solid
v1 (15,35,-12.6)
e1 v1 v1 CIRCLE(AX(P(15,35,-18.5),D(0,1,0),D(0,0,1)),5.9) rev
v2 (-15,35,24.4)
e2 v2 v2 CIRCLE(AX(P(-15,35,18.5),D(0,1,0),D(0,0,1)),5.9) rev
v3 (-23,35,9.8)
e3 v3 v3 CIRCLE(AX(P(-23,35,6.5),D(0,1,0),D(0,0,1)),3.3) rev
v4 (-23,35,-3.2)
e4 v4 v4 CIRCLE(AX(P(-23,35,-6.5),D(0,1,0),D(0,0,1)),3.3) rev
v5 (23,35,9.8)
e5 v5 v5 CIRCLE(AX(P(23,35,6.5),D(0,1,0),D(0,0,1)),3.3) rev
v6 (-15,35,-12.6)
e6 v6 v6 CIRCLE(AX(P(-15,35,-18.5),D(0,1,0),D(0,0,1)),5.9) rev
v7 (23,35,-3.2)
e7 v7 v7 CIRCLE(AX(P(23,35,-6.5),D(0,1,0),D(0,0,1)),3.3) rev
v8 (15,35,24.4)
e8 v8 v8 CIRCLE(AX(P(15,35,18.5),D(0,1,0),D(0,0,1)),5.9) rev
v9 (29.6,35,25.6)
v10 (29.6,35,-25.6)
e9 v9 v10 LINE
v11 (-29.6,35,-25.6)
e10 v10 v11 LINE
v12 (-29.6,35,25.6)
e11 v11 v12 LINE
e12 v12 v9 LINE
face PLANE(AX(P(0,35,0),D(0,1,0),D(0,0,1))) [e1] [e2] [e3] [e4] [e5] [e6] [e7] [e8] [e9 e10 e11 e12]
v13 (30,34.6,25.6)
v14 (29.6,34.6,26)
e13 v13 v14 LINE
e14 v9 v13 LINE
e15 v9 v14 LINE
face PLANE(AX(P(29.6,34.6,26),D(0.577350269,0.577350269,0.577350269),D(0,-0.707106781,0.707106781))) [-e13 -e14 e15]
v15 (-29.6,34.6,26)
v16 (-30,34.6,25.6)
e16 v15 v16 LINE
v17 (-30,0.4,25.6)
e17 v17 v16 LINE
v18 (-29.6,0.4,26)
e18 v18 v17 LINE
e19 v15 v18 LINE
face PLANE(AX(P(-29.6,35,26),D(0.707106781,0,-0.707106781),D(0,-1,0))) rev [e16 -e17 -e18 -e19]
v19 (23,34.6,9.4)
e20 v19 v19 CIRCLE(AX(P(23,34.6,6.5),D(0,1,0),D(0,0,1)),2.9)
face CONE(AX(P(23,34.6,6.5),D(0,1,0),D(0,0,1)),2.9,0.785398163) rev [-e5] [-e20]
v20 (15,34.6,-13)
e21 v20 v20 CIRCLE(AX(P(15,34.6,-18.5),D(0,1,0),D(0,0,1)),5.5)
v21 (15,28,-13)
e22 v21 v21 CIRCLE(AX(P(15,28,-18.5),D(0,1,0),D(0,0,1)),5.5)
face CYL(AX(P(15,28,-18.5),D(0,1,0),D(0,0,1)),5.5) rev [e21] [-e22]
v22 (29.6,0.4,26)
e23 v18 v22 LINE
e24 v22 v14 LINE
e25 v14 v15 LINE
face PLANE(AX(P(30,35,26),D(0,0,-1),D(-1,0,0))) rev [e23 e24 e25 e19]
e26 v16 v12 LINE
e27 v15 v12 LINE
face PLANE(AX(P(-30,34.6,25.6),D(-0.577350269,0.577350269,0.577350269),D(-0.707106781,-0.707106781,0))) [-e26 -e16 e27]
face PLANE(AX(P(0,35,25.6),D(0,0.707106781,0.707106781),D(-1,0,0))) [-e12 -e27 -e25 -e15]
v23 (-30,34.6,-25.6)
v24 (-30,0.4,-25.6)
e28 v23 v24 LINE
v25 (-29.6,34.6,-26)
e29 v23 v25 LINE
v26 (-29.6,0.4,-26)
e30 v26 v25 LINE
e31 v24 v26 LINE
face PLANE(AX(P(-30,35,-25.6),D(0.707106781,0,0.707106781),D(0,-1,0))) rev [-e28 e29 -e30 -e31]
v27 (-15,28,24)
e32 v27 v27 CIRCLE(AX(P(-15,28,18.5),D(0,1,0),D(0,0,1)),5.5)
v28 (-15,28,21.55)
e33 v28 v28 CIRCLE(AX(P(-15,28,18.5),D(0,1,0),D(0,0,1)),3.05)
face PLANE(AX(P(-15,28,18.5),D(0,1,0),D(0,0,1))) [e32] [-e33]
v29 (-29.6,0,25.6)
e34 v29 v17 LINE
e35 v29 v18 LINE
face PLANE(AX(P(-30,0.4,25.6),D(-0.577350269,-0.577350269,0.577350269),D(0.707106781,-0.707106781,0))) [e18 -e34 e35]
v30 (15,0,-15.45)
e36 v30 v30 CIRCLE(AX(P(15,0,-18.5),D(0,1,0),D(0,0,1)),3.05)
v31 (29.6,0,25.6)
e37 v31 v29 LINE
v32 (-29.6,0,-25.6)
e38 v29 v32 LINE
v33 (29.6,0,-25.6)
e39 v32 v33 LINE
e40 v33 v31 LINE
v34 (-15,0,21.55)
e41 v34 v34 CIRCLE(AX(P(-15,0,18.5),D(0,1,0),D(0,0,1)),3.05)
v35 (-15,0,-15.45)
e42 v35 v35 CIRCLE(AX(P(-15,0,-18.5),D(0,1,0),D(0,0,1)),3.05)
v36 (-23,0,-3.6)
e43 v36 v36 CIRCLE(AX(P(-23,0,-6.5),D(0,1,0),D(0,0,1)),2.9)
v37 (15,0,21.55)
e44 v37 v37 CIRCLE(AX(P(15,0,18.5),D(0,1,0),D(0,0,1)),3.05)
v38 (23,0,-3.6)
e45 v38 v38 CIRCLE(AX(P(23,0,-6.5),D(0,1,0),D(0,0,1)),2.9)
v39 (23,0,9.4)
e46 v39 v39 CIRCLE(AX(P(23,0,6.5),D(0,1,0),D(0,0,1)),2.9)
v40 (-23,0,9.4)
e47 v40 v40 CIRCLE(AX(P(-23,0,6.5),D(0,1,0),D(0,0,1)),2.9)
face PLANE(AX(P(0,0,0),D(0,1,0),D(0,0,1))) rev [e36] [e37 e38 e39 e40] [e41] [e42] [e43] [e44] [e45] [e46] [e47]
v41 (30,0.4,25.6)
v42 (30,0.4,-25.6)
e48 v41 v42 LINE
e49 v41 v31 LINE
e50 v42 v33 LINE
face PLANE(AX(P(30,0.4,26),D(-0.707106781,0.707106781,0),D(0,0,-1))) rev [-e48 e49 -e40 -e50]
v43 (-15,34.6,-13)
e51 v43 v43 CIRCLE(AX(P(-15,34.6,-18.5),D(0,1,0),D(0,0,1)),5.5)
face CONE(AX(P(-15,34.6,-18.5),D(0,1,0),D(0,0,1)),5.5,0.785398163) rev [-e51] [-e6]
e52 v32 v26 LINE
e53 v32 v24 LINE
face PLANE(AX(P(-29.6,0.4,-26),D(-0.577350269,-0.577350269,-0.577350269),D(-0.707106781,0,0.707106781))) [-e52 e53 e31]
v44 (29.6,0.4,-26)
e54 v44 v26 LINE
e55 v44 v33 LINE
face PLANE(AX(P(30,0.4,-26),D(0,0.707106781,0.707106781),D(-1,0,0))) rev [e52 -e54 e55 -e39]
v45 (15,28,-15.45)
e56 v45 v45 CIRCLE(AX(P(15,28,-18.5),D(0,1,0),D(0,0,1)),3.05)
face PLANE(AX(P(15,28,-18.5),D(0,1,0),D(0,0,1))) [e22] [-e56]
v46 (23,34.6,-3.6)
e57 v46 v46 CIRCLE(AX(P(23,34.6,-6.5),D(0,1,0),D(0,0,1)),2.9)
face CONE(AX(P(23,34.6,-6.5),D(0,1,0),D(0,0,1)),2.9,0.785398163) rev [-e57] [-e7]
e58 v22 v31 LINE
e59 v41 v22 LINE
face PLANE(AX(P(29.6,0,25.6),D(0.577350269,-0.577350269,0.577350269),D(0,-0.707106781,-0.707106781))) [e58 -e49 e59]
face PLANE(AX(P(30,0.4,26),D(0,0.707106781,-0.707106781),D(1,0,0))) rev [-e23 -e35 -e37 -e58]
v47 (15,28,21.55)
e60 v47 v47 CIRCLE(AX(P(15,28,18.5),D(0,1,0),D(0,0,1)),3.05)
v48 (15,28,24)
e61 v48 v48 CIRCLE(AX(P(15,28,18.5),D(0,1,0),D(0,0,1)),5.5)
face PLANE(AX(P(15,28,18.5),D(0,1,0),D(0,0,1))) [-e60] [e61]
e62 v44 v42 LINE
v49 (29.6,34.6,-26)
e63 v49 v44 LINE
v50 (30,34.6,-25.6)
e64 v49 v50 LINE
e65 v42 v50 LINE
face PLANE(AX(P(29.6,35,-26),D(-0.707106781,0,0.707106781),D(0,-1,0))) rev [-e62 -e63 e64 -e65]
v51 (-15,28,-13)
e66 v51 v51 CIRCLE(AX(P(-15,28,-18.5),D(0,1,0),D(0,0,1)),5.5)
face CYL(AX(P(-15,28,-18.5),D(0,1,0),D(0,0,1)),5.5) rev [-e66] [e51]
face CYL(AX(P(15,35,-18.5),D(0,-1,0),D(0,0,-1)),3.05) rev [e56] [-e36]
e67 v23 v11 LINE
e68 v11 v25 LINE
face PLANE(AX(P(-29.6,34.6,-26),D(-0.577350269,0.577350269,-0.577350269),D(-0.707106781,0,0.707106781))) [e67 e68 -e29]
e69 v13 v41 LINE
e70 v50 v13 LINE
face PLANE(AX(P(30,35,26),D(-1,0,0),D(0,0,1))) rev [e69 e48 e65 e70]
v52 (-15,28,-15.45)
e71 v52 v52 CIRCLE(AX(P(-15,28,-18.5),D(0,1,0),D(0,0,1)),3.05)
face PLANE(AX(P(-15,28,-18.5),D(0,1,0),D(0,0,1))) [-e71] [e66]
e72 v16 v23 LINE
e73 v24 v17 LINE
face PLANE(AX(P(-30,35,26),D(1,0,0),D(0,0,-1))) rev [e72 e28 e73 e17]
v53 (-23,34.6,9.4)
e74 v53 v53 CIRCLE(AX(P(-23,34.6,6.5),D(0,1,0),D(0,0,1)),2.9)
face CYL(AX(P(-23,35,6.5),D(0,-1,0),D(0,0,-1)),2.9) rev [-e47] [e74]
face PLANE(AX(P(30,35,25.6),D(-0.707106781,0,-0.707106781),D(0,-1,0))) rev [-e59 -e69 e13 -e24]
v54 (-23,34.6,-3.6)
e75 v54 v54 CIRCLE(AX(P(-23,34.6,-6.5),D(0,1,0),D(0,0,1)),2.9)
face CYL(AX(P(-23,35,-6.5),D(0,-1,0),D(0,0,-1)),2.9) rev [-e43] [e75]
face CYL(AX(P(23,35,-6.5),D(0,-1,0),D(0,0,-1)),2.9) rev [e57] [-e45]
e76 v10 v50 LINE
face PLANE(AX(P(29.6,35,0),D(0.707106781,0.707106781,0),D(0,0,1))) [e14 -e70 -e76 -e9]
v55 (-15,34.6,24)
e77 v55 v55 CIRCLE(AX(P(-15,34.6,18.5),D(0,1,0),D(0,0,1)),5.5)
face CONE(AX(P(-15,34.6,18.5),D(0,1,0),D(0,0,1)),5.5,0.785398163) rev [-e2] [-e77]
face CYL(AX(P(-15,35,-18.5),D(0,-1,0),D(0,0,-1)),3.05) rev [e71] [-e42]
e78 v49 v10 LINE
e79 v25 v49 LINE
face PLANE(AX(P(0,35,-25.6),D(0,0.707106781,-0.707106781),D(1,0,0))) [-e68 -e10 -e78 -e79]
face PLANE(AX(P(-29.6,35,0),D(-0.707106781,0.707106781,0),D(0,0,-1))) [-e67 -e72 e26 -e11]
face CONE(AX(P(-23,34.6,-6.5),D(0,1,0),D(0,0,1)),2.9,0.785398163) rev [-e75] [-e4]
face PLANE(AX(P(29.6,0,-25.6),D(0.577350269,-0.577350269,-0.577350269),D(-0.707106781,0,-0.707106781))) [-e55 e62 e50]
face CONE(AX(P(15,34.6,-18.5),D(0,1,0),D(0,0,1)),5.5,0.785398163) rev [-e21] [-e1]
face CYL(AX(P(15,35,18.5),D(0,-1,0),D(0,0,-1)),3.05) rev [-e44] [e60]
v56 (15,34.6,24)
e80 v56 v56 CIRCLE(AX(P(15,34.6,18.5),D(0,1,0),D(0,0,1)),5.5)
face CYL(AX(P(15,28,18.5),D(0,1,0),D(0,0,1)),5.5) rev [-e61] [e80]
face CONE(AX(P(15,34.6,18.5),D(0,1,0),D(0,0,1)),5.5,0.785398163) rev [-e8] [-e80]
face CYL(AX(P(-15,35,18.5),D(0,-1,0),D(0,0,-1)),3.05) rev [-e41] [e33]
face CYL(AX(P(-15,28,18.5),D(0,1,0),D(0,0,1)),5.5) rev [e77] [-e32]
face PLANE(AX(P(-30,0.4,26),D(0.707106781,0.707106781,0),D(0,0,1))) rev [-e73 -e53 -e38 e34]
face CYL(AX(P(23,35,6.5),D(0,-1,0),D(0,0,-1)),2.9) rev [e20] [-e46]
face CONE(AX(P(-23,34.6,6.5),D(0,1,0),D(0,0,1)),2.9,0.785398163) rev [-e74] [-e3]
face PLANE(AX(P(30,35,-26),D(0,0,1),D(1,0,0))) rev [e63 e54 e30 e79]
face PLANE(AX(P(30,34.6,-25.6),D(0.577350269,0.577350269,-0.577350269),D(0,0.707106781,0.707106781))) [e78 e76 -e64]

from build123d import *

# Parameters (mm, degrees)
SKETCH1_W           = 60
SKETCH1_H           = 52
SKETCH1_R           = 2.9
SKETCH1_R_2         = 3.05
BOSS_EXTRUDE1_DEPTH = 35
SKETCH2_R           = 5.5
CUT_EXTRUDE1_DEPTH  = 7
CHAMFER1_SIZE       = 0.4


with BuildPart() as part:
    # Sketch1 → Boss-Extrude1 (new body)
    with BuildSketch(Plane(origin=(0, 0, 0), x_dir=(1, 0, 0), z_dir=(0, 1, 0))):
        Rectangle(SKETCH1_W, SKETCH1_H)
        with Locations((-23, 6.5)):
            Circle(SKETCH1_R, mode=Mode.SUBTRACT)
        with Locations((23, 6.5)):
            Circle(SKETCH1_R, mode=Mode.SUBTRACT)
        with Locations((23, -6.5)):
            Circle(SKETCH1_R, mode=Mode.SUBTRACT)
        with Locations((-23, -6.5)):
            Circle(SKETCH1_R, mode=Mode.SUBTRACT)
        with Locations((-15, 18.5)):
            Circle(SKETCH1_R_2, mode=Mode.SUBTRACT)
        with Locations((15, 18.5)):
            Circle(SKETCH1_R_2, mode=Mode.SUBTRACT)
        with Locations((15, -18.5)):
            Circle(SKETCH1_R_2, mode=Mode.SUBTRACT)
        with Locations((-15, -18.5)):
            Circle(SKETCH1_R_2, mode=Mode.SUBTRACT)
    extrude(amount=BOSS_EXTRUDE1_DEPTH)

    # Sketch2 → Cut-Extrude1 (cut)
    with BuildSketch(Plane(origin=(0, 35, 0), x_dir=(1, 0, 0), z_dir=(0, 1, 0))):
        with Locations((-15, 18.5)):
            Circle(SKETCH2_R)
        with Locations((15, 18.5)):
            Circle(SKETCH2_R)
        with Locations((15, -18.5)):
            Circle(SKETCH2_R)
        with Locations((-15, -18.5)):
            Circle(SKETCH2_R)
    extrude(amount=-CUT_EXTRUDE1_DEPTH, mode=Mode.SUBTRACT)

    # Chamfer1
    chamfer1_edges = [part.edges().sort_by_distance(p)[0] for p in [
        (-25.9, 35, -6.5),
        (30, 35, 0),
        (20.1, 35, -6.5),
        (0, 35, -26),
        (20.1, 35, 6.5),
        (-25.9, 35, 6.5),
        (-30, 35, 0),
        (0, 0, -26),
        (-20.5, 35, 18.5),
        (30, 0, 0),
        (9.5, 35, 18.5),
        (9.5, 35, -18.5),
        (0, 0, 26),
        (-20.5, 35, -18.5),
        (-30, 0, 0),
        (-30, 17.5, -26),
        (30, 17.5, -26),
        (30, 17.5, 26),
        (-30, 17.5, 26),
        (0, 35, 26),
    ]]
    chamfer(chamfer1_edges, length=CHAMFER1_SIZE)


solid = part.part
